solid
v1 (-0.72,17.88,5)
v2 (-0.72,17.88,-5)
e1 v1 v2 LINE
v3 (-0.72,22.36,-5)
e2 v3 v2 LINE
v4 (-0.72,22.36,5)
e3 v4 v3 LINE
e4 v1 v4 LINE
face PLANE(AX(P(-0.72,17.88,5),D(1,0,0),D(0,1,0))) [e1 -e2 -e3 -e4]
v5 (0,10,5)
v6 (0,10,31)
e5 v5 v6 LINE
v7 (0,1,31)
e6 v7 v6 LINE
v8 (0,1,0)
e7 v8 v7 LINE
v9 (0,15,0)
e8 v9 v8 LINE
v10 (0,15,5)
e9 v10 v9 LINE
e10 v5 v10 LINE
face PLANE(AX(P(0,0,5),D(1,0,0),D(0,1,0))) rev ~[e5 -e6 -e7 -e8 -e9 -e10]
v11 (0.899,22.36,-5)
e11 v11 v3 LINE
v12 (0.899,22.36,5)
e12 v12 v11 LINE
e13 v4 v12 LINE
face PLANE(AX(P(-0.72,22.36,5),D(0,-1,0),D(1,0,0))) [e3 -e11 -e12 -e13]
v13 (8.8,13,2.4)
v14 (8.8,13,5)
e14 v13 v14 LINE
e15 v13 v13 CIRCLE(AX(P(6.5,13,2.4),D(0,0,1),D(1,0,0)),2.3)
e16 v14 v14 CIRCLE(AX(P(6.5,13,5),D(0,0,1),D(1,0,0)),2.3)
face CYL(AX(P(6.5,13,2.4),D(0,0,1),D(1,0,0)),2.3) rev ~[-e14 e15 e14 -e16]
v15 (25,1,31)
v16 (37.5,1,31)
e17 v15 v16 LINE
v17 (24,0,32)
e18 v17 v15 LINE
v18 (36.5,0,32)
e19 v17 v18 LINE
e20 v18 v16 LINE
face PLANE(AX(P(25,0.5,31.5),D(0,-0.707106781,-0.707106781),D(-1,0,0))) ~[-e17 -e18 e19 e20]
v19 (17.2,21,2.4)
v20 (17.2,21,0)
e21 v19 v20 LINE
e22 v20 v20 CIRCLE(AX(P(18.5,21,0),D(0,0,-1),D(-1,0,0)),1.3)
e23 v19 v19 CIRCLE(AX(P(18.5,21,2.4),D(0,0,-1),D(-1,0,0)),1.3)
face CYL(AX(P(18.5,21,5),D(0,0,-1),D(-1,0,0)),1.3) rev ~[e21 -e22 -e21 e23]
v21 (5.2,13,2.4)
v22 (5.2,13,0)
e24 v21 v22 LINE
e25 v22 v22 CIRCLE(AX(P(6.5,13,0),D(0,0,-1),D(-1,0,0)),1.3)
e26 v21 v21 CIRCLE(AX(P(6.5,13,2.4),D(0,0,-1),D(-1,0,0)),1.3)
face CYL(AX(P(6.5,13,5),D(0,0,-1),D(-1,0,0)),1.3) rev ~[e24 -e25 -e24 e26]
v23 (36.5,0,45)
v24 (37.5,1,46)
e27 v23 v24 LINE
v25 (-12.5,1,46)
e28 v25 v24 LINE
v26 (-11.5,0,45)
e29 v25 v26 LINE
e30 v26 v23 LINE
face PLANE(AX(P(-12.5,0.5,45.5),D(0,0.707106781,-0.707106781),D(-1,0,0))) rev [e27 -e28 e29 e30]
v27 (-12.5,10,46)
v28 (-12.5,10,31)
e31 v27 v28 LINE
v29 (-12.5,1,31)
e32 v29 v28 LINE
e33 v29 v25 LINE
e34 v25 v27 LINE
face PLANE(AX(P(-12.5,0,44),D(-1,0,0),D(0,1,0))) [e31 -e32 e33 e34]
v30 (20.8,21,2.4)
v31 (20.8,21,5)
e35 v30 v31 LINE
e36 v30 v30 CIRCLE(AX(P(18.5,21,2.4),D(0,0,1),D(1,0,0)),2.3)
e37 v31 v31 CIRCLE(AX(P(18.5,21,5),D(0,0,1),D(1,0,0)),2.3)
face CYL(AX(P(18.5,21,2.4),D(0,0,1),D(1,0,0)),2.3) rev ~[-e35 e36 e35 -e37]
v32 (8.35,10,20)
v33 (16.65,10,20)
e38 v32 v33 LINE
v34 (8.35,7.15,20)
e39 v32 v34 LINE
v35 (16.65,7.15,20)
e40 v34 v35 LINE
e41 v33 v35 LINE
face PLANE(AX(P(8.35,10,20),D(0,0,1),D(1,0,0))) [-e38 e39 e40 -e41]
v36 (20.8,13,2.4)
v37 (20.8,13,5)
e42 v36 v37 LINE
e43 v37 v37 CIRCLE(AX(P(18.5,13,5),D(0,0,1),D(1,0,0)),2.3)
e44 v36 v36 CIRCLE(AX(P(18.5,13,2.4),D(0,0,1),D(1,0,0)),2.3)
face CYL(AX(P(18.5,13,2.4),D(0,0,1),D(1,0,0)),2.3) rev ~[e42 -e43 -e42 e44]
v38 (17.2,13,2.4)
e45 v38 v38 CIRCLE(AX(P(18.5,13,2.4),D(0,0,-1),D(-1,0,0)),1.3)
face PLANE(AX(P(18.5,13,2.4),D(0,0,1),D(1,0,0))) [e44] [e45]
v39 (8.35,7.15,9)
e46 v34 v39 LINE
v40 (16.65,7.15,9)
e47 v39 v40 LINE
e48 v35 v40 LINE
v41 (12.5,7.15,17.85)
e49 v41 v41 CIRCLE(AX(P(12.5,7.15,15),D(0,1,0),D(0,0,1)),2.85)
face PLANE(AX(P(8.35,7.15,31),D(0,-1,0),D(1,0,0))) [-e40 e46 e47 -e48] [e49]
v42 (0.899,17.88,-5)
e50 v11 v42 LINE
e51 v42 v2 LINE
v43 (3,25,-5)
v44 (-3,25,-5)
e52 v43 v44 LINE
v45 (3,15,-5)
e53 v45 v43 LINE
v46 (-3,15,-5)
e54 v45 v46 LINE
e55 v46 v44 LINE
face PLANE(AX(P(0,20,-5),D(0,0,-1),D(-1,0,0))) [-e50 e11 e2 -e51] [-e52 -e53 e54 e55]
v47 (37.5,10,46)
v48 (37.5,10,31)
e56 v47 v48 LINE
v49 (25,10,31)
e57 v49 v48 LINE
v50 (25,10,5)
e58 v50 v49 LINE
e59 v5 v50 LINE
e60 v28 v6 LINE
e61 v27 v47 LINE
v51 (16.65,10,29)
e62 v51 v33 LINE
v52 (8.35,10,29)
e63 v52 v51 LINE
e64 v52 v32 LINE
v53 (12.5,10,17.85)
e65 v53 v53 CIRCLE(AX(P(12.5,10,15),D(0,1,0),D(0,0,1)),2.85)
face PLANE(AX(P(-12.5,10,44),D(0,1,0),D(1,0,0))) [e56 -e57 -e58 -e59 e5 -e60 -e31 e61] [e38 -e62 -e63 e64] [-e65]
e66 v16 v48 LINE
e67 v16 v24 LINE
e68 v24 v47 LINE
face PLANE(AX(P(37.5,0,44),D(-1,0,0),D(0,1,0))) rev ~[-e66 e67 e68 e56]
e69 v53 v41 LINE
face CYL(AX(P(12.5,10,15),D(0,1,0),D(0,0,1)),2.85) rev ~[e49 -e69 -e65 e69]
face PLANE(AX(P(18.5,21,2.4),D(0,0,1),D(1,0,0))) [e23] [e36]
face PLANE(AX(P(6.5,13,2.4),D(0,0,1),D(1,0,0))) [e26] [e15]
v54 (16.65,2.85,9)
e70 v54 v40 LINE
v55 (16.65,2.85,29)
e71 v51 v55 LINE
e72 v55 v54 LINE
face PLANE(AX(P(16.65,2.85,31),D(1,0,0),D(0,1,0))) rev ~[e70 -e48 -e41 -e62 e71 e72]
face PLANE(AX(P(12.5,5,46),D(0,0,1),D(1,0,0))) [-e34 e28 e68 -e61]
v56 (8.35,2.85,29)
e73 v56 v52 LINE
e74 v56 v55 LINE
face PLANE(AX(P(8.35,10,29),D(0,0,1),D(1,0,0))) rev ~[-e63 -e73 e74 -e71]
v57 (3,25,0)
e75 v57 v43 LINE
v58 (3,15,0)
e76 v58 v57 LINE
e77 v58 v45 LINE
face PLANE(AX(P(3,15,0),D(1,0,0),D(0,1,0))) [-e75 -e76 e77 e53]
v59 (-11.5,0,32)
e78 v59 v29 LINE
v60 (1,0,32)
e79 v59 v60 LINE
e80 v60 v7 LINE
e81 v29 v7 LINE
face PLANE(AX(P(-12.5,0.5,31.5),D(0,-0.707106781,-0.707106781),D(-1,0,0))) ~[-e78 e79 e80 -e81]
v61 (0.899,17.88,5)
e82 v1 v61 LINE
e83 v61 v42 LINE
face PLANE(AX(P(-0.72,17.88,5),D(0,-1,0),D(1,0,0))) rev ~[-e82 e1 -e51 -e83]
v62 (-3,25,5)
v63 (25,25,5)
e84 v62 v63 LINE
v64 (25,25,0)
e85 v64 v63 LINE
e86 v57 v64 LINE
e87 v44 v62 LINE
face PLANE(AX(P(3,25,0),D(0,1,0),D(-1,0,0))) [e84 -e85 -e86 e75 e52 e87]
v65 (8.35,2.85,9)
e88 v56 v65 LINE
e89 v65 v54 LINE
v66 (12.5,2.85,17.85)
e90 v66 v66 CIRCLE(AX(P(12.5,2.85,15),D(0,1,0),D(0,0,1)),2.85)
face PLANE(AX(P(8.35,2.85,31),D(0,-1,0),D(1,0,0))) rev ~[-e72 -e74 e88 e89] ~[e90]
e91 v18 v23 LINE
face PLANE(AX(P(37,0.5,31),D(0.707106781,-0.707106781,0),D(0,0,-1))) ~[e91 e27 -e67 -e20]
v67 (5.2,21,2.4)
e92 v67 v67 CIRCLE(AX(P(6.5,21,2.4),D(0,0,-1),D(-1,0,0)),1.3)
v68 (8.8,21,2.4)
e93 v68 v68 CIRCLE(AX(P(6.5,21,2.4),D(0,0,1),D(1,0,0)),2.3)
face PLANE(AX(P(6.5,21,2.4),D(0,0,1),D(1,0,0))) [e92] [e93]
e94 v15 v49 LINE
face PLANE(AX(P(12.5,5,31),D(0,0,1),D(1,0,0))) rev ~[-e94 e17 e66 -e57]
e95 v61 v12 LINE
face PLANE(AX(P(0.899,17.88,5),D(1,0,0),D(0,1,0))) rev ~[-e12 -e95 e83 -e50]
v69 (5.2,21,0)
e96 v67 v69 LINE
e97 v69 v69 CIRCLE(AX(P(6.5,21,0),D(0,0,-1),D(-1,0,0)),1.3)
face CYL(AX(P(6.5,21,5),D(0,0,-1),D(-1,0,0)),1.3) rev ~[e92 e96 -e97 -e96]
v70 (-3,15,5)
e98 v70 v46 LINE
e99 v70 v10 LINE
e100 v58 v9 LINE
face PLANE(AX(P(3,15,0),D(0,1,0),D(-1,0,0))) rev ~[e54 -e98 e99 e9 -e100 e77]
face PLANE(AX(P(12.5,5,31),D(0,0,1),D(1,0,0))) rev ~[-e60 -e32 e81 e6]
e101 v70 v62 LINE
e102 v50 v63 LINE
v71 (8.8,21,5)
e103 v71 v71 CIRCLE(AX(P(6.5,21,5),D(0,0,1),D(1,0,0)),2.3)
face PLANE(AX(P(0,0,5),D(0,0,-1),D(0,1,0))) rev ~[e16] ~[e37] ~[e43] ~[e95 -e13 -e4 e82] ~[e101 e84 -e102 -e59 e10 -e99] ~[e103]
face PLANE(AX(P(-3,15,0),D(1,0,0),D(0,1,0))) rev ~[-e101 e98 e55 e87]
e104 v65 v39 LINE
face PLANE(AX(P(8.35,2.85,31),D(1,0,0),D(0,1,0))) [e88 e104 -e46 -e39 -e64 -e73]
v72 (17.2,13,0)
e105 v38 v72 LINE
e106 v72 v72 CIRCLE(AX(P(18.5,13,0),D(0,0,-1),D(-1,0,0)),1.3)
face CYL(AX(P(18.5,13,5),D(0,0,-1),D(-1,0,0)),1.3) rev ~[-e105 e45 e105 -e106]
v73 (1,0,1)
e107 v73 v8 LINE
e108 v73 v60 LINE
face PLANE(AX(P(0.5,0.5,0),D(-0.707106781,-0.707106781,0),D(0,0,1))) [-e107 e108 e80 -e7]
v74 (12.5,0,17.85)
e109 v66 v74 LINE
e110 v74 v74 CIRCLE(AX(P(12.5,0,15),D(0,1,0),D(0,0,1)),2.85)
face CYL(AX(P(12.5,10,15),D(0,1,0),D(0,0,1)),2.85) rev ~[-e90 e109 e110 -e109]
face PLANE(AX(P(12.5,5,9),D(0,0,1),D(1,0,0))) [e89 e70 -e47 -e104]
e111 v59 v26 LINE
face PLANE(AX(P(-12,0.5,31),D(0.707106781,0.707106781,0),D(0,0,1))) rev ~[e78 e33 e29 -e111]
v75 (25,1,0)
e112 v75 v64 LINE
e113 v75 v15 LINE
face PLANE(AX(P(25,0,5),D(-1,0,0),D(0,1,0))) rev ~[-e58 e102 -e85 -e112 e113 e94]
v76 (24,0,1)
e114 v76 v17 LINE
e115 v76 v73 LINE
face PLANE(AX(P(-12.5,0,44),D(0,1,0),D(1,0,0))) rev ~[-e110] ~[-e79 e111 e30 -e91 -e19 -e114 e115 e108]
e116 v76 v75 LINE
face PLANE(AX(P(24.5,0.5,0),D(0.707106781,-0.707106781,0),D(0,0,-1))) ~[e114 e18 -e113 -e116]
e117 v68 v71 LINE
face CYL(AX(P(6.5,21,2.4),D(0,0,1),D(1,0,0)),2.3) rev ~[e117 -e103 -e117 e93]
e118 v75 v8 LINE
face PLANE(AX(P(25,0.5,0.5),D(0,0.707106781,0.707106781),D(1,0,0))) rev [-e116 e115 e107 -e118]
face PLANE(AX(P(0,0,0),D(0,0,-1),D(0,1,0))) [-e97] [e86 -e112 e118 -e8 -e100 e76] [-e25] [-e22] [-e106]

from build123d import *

# Parameters (mm, degrees)
SKETCH1_W                      = 25
SKETCH1_H                      = 25
BOSS_EXTRUDE1_DEPTH            = 5
CBORE_FOR_M2_SHCS1_D           = 2.6
CBORE_FOR_M2_SHCS1_CBORE_D     = 4.6
CBORE_FOR_M2_SHCS1_CBORE_DEPTH = 2.6
SKETCH5_W                      = 25
SKETCH5_H                      = 10
BOSS_EXTRUDE2_DEPTH            = 26
SKETCH6_R                      = 2.85
CUT_EXTRUDE1_DEPTH             = 43.555845662
SKETCH7_W                      = 8.3
SKETCH7_H                      = 4.3
CUT_EXTRUDE2_DEPTH             = 22
SKETCH8_W                      = 8.3
SKETCH8_H                      = 9
CUT_EXTRUDE3_DEPTH             = 2.85
SKETCH7_2_W                    = 8.3
SKETCH7_2_H                    = 4.3
BOSS_EXTRUDE5_DEPTH            = 2
SKETCH9_W                      = 50
SKETCH9_H                      = 10
BOSS_EXTRUDE3_DEPTH            = 20
SKETCH10_W                     = 50
SKETCH10_H                     = 7
CUT_EXTRUDE4_DEPTH             = 66.055745327
SKETCH11_W                     = 5
SKETCH11_H                     = 25
BOSS_EXTRUDE6_DEPTH            = 3
SKETCH12_W                     = 3
SKETCH12_H                     = 15
CUT_EXTRUDE5_DEPTH             = 60.600755029
SKETCH13_W                     = 6
SKETCH13_H                     = 10
BOSS_EXTRUDE7_DEPTH            = 5
SKETCH14_W                     = 1.219
SKETCH14_H                     = 4.08
CUT_EXTRUDE6_DEPTH             = 60.600755029
SKETCH15_W                     = 1.619
SKETCH15_H                     = 4.48
CUT_EXTRUDE7_DEPTH             = 60.600755029
SKETCH16_W                     = 50
SKETCH16_H                     = 10
BOSS_EXTRUDE8_DEPTH            = 2
CHAMFER1_SIZE                  = 1


with BuildPart() as part:
    # Sketch1 → Boss-Extrude1 (new body)
    with BuildSketch(Plane.XY):
        with Locations((12.5, 12.5)):
            Rectangle(SKETCH1_W, SKETCH1_H)
    extrude(amount=BOSS_EXTRUDE1_DEPTH)

    # CBORE for M2 SHCS1 (through all)
    with Locations(Plane.XY.offset(5)):
        with Locations((6.5, 21), (18.5, 21), (18.5, 13), (6.5, 13)):
            CounterBoreHole(CBORE_FOR_M2_SHCS1_D / 2, CBORE_FOR_M2_SHCS1_CBORE_D / 2, CBORE_FOR_M2_SHCS1_CBORE_DEPTH)

    # Sketch5 → Boss-Extrude2 (add)
    with BuildSketch(Plane.XY.offset(5)):
        with Locations((12.5, 5)):
            Rectangle(SKETCH5_W, SKETCH5_H)
    extrude(amount=BOSS_EXTRUDE2_DEPTH)

    # Sketch6 → Cut-Extrude1 (cut, through all)
    with BuildSketch(Plane(origin=(0, 10, 0), x_dir=(1, 0, 0), z_dir=(0, 1, 0))):
        with Locations(Location((12.5, -15, 0), (0, 0, 270))):
            Circle(SKETCH6_R)
    extrude(amount=-CUT_EXTRUDE1_DEPTH, mode=Mode.SUBTRACT)

    # Sketch7 → Cut-Extrude2 (cut)
    with BuildSketch(Plane.XY.offset(31)):
        with Locations((12.5, 5)):
            Rectangle(SKETCH7_W, SKETCH7_H)
    extrude(amount=-CUT_EXTRUDE2_DEPTH, mode=Mode.SUBTRACT)

    # Sketch8 → Cut-Extrude3 (cut)
    with BuildSketch(Plane(origin=(0, 10, 0), x_dir=(1, 0, 0), z_dir=(0, 1, 0))):
        with Locations((12.5, -24.5)):
            Rectangle(SKETCH8_W, SKETCH8_H)
    extrude(amount=-CUT_EXTRUDE3_DEPTH, mode=Mode.SUBTRACT)

    # Sketch7<2> → Boss-Extrude5 (add)
    with BuildSketch(Plane.XY.offset(31)):
        with Locations((12.5, 5)):
            Rectangle(SKETCH7_2_W, SKETCH7_2_H)
    extrude(amount=-BOSS_EXTRUDE5_DEPTH)

    # Sketch9 → Boss-Extrude3 (add)
    with BuildSketch(Plane.XY.offset(31)):
        with Locations((12.5, 5)):
            Rectangle(SKETCH9_W, SKETCH9_H)
    extrude(amount=BOSS_EXTRUDE3_DEPTH)

    # Sketch10 → Cut-Extrude4 (cut, through all)
    with BuildSketch(Plane(origin=(0, 10, 0), x_dir=(1, 0, 0), z_dir=(0, 1, 0))):
        with Locations((12.5, -47.5)):
            Rectangle(SKETCH10_W, SKETCH10_H)
    extrude(amount=-CUT_EXTRUDE4_DEPTH, mode=Mode.SUBTRACT)

    # Sketch11 → Boss-Extrude6 (add)
    with BuildSketch(Plane.ZY):
        with Locations((2.5, 12.5)):
            Rectangle(SKETCH11_W, SKETCH11_H)
    extrude(amount=BOSS_EXTRUDE6_DEPTH)

    # Sketch12 → Cut-Extrude5 (cut, through all)
    with BuildSketch(Plane.XY.offset(5)):
        with Locations((-1.5, 7.5)):
            Rectangle(SKETCH12_W, SKETCH12_H)
    extrude(amount=-CUT_EXTRUDE5_DEPTH, mode=Mode.SUBTRACT)

    # Sketch13 → Boss-Extrude7 (add)
    with BuildSketch(Plane(origin=(0, 0, 0), x_dir=(-1, 0, 0), z_dir=(0, 0, -1))):
        with Locations((0, 20)):
            Rectangle(SKETCH13_W, SKETCH13_H)
    extrude(amount=BOSS_EXTRUDE7_DEPTH)

    # Sketch14 → Cut-Extrude6 (cut, through all)
    with BuildSketch(Plane.XY.offset(5)):
        with Locations((0.0895, 20.12)):
            Rectangle(SKETCH14_W, SKETCH14_H)
    extrude(amount=-CUT_EXTRUDE6_DEPTH, mode=Mode.SUBTRACT)

    # Sketch15 → Cut-Extrude7 (cut, through all)
    with BuildSketch(Plane.XY.offset(5)):
        with Locations((0.0895, 20.12)):
            Rectangle(SKETCH15_W, SKETCH15_H)
    extrude(amount=-CUT_EXTRUDE7_DEPTH, mode=Mode.SUBTRACT)

    # Sketch16 → Boss-Extrude8 (add)
    with BuildSketch(Plane.XY.offset(44)):
        with Locations((12.5, 5)):
            Rectangle(SKETCH16_W, SKETCH16_H)
    extrude(amount=BOSS_EXTRUDE8_DEPTH)

    # Chamfer1
    chamfer1_edges = [part.edges().sort_by_distance(p)[0] for p in [
        (-6.25, 0, 31),
        (31.25, 0, 31),
        (37.5, 0, 38.5),
        (-12.5, 0, 38.5),
        (12.5, 0, 0),
        (12.5, 0, 46),
        (25, 0, 15.5),
        (0, 0, 15.5),
    ]]
    chamfer(chamfer1_edges, length=CHAMFER1_SIZE)


solid = part.part
